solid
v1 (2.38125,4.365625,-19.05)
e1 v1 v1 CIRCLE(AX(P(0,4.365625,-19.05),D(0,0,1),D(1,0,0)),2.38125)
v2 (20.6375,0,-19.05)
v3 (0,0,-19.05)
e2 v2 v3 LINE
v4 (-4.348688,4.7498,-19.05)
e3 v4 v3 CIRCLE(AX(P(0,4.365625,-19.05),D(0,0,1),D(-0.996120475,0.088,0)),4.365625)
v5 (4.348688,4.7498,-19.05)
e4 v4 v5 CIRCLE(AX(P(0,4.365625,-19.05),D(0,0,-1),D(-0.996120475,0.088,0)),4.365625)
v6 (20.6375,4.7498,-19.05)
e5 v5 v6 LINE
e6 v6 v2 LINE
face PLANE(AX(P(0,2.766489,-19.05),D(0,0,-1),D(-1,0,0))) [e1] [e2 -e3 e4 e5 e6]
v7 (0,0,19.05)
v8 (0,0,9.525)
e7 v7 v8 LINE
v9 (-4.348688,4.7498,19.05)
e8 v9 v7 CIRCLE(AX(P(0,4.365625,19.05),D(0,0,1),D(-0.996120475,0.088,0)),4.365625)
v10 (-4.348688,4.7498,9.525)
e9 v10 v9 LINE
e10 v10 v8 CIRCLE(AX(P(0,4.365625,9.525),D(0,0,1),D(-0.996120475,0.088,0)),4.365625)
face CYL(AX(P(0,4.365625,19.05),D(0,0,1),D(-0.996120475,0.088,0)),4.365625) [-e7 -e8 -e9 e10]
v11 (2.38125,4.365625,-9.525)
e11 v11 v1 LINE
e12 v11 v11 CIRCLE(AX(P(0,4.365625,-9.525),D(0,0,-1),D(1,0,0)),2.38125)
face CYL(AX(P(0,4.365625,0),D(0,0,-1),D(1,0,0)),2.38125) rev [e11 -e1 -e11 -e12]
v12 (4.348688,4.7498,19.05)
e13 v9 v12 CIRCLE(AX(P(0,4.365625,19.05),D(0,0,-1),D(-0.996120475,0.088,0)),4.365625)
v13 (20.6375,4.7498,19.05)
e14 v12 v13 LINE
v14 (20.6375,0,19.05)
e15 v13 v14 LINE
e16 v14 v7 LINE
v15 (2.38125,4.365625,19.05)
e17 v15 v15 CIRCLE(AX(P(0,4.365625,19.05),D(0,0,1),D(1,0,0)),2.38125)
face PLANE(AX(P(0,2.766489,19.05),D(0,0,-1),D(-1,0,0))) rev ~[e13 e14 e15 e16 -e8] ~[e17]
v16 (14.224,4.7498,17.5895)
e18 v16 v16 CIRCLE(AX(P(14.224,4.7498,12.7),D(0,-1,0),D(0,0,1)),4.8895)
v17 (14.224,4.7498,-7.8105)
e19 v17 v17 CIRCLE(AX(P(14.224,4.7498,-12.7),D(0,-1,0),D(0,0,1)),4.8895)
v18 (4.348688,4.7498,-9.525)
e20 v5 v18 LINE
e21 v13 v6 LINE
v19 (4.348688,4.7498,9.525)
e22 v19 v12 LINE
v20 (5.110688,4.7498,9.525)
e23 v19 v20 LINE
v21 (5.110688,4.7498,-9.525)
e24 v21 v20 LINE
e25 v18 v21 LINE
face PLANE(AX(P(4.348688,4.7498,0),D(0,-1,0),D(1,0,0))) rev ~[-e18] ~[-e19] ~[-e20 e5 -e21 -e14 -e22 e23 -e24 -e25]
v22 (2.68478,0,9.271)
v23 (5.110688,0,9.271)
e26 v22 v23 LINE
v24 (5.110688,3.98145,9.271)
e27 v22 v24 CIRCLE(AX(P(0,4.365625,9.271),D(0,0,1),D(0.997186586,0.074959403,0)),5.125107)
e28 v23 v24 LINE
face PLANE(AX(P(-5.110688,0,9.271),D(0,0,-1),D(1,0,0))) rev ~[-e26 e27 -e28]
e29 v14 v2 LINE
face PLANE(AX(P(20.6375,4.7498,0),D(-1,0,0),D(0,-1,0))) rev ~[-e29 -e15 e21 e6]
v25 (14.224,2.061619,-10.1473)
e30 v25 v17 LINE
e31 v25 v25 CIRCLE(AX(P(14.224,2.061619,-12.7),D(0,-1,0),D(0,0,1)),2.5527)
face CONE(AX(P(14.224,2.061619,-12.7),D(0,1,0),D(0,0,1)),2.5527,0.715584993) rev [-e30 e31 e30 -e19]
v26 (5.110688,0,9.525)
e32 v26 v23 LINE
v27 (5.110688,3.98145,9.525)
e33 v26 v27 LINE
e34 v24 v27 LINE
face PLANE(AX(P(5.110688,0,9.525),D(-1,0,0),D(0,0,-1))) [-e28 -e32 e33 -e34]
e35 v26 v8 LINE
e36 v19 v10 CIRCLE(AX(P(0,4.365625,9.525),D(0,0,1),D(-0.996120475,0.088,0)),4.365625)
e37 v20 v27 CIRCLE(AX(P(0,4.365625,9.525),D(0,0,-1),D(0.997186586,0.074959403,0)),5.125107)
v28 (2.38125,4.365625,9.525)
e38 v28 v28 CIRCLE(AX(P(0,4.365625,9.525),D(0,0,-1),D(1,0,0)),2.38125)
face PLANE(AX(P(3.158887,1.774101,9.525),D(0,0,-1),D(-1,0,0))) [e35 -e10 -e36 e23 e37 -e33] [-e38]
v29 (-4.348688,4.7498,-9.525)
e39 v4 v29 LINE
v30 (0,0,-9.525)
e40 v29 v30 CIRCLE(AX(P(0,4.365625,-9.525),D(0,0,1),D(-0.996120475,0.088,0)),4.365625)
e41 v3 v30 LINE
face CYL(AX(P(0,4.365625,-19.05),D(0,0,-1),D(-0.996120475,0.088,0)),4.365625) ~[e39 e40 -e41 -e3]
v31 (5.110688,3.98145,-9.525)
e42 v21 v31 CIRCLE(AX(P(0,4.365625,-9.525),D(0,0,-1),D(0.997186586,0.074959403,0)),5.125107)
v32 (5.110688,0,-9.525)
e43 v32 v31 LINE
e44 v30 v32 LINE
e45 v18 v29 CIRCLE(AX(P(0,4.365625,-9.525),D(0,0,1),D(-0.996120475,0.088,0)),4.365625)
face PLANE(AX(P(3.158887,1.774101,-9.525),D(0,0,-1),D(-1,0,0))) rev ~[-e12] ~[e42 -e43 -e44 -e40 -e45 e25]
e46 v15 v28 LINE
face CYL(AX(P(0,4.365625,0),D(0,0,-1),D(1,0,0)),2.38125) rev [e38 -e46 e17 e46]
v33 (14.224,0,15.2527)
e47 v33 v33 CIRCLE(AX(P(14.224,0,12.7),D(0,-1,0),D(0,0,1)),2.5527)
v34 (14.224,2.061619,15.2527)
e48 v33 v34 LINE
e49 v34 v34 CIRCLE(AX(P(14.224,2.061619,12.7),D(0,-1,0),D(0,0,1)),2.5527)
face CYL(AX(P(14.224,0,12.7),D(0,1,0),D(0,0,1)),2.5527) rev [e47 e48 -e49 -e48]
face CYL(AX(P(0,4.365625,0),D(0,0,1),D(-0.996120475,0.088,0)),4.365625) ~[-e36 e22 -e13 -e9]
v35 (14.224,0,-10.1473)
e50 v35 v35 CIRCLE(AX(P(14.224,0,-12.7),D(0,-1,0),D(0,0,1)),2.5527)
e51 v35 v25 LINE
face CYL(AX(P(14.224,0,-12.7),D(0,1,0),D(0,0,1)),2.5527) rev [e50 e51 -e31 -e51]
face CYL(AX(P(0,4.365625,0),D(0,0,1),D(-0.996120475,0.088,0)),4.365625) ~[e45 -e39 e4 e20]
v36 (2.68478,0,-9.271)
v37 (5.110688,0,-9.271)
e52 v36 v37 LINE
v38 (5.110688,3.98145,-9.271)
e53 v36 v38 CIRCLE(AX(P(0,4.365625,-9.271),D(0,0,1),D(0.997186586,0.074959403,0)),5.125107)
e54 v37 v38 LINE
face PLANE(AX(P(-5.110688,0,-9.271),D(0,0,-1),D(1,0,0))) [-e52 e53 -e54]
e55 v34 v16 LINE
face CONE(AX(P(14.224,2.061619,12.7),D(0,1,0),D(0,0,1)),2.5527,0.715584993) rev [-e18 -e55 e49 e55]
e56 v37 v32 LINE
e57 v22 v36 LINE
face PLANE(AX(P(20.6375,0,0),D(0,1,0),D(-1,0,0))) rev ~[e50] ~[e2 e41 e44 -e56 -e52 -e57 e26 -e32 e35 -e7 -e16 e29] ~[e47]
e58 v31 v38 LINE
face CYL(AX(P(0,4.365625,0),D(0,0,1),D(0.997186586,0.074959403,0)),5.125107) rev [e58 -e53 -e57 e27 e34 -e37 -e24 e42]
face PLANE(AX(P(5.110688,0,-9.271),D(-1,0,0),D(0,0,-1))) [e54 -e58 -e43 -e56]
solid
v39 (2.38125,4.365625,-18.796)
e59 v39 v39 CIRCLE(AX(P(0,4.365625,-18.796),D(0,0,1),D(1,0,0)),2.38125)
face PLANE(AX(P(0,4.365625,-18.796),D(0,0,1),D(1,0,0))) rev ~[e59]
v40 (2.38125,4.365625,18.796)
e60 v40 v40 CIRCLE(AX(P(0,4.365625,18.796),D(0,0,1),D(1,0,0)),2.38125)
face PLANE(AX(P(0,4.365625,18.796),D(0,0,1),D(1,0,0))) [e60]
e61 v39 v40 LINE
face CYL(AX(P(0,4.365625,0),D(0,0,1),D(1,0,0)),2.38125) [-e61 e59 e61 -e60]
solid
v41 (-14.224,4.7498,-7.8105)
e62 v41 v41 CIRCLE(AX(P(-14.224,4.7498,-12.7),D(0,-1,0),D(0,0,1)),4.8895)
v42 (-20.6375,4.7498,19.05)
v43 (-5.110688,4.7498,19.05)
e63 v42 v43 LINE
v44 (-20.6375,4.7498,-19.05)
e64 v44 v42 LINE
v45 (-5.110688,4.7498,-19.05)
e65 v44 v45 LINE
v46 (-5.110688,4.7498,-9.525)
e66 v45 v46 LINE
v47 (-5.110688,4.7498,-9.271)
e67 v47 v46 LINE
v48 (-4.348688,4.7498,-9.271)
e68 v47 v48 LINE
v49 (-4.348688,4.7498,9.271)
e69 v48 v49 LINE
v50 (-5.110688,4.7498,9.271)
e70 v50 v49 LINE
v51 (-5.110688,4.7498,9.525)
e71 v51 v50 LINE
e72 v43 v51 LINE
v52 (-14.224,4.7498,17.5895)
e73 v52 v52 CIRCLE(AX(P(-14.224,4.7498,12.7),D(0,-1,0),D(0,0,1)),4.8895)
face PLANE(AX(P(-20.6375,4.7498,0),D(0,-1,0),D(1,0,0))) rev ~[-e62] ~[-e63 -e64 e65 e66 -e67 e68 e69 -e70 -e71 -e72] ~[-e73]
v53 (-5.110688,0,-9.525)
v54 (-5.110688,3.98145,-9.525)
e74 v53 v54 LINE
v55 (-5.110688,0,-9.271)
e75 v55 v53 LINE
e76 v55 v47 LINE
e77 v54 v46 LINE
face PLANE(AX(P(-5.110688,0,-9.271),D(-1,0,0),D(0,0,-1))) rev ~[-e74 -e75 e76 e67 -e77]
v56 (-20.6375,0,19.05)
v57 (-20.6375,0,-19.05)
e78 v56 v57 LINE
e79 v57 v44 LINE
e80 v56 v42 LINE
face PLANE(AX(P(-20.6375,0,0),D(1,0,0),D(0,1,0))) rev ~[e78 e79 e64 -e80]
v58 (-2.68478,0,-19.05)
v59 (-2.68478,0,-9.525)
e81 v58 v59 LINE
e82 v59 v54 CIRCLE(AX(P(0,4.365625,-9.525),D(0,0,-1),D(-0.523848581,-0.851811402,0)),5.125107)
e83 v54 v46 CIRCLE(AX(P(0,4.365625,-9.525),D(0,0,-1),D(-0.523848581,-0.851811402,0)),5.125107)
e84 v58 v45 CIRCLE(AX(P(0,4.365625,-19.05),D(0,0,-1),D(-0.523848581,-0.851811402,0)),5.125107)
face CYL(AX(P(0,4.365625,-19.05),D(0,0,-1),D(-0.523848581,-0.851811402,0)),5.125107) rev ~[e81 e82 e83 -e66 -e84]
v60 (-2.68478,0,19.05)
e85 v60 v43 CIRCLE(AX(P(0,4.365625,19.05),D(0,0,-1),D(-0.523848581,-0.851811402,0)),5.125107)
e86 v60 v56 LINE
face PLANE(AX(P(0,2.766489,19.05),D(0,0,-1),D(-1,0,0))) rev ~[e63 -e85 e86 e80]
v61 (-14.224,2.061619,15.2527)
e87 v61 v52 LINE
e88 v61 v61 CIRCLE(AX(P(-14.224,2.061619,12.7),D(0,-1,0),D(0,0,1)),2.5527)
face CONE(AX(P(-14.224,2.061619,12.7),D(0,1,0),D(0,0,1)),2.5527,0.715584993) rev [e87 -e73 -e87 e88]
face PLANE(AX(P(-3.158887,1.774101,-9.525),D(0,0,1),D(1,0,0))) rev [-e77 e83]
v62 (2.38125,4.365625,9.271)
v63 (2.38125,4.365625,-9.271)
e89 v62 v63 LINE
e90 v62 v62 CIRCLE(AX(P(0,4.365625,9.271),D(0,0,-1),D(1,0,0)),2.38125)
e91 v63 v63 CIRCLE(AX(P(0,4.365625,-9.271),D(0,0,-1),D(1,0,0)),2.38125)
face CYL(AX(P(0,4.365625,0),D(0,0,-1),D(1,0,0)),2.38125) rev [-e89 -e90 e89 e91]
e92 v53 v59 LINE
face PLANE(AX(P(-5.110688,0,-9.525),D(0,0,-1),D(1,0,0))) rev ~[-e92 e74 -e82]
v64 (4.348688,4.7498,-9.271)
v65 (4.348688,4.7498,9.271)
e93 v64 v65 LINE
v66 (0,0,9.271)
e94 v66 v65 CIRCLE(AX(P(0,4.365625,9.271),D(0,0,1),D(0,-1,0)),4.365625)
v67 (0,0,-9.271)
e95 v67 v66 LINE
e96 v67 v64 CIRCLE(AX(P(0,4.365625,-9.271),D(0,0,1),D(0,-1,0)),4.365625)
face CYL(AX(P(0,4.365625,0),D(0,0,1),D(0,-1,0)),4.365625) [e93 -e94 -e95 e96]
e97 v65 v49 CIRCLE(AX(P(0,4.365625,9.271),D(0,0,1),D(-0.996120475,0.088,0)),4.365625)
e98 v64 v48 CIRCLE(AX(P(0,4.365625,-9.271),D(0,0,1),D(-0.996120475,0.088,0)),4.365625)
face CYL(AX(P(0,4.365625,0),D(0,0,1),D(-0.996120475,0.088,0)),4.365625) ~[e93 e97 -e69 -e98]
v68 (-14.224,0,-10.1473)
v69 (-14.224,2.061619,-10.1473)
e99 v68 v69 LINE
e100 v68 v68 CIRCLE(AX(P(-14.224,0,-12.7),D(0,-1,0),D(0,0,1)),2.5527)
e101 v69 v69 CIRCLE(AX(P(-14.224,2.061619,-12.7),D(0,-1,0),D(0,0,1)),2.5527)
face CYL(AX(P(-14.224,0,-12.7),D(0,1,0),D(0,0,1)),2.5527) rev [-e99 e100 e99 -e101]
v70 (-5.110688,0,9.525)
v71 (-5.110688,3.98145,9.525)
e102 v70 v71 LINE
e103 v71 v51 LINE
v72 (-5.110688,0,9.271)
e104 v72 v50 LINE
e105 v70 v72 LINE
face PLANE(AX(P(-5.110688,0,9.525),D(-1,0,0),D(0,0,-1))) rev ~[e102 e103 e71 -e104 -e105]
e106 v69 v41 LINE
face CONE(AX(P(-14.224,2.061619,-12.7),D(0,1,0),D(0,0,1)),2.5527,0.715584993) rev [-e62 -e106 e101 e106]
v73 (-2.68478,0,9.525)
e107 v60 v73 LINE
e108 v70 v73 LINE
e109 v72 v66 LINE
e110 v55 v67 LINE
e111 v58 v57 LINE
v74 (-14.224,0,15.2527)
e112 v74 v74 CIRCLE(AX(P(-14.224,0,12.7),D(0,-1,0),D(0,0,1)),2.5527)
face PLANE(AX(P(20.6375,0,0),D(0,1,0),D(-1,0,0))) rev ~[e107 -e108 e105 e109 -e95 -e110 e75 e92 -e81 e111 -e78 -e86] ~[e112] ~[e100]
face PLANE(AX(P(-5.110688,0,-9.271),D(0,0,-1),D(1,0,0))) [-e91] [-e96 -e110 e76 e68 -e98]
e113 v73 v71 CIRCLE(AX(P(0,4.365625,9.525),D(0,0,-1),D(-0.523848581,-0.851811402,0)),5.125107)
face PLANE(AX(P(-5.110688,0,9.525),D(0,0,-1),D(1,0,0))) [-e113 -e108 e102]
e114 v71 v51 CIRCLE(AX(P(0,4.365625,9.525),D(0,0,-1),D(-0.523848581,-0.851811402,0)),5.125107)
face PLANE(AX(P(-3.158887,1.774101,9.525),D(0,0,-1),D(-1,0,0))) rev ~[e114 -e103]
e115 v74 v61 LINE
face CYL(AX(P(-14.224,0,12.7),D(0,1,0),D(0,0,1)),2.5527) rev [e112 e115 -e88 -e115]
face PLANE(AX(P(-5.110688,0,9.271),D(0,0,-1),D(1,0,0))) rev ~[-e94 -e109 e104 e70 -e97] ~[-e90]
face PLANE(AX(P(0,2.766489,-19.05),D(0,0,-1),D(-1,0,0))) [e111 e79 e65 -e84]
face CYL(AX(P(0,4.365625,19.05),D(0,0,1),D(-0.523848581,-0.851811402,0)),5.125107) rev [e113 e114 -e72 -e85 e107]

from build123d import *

# Parameters (mm, degrees)
SKETCH1_R                                    = 2.38125
EXTRUDE1_DEPTH                               = 19.05
CUT_EXTRUDE1_DEPTH                           = 9.525
CUT_EXTRUDE2_DEPTH                           = 9.525
SKETCH4_W                                    = 10.221376894
SKETCH4_H                                    = 0.254
CUT_EXTRUDE4_DEPTH                           = 9.73125
SKETCH5_R                                    = 2.38125
EXTRUDE2_DEPTH                               = 18.796
CSK_FOR_10_FLAT_HEAD_MACHINE_SCREW1_AT_COUNT = 2
CSK_FOR_10_FLAT_HEAD_MACHINE_SCREW1_AT_PITCH = 25.4
CSK_FOR_10_FLAT_HEAD_MACHINE_SCREW1_2_COUNT  = 2
CSK_FOR_10_FLAT_HEAD_MACHINE_SCREW1_2_PITCH  = 38.137235138
CSK_FOR_10_FLAT_HEAD_MACHINE_SCREW1_3_COUNT  = 2
CSK_FOR_10_FLAT_HEAD_MACHINE_SCREW1_3_PITCH  = 28.448


with BuildPart() as part:
    # Sketch1 → Extrude1 (new body, symmetric)
    with BuildSketch(Plane.XY):
        with BuildLine():
            Line((4.348688447, 4.7498), (20.6375, 4.7498))
            Line((20.6375, 4.7498), (20.6375, 0))
            Line((20.6375, 0), (-20.6375, 0))
            Line((-20.6375, 0), (-20.6375, 4.7498))
            Line((-20.6375, 4.7498), (-4.348688447, 4.7498))
            ThreePointArc((-4.348688447, 4.7498), (0, 8.73125), (4.348688447, 4.7498))
        make_face()
        with Locations((0, 4.365625)):
            Circle(SKETCH1_R, mode=Mode.SUBTRACT)
    extrude(amount=EXTRUDE1_DEPTH, both=True)

    # Sketch2 → Cut-Extrude1 (cut)
    with BuildSketch(Plane.XY.offset(19.05)):
        with BuildLine():
            Line((-5.110688447, 4.7498), (-4.348688447, 4.7498))
            ThreePointArc((-4.348688447, 4.7498), (-3.219925902, 1.417615701), (0, 0))
            Line((0, 0), (-2.684780288, 0))
            ThreePointArc((-2.684780288, 0), (-4.564261518, 2.034478581), (-5.110688447, 4.7498))
        make_face()
    cut_extrude1 = extrude(amount=-CUT_EXTRUDE1_DEPTH, mode=Mode.SUBTRACT)

    # Mirror1: Cut-Extrude1 across plane
    add(cut_extrude1.mirror(Plane.XY), mode=Mode.SUBTRACT)

    # Sketch3 → Cut-Extrude2 (cut, symmetric)
    with BuildSketch(Plane.XY):
        with BuildLine():
            Line((4.348688447, 4.7498), (5.110688447, 4.7498))
            ThreePointArc((5.110688447, 4.7498), (4.564261518, 2.034478581), (2.684780288, 0))
            Line((2.684780288, 0), (0, 0))
            ThreePointArc((0, 0), (3.219925902, 1.417615701), (4.348688447, 4.7498))
        make_face()
    extrude(amount=CUT_EXTRUDE2_DEPTH, both=True, mode=Mode.SUBTRACT)

    # Sketch4 → Cut-Extrude4 (cut, through all)
    with BuildSketch(Plane(origin=(0, 0, 0), x_dir=(1, 0, 0), z_dir=(0, 1, 0))):
        with Locations((0, 9.398)):
            Rectangle(SKETCH4_W, SKETCH4_H)
        with Locations((0, -9.398)):
            Rectangle(SKETCH4_W, SKETCH4_H)
    extrude(amount=CUT_EXTRUDE4_DEPTH, mode=Mode.SUBTRACT)

    # Sketch6 → CSK for #10 Flat Head Machine Screw1 (revolve, cut)
    with BuildSketch(Plane(origin=(-14.224, 4.7498, -12.7), x_dir=(0, 0, 1), z_dir=(1, 0, 0))):
        Polygon((0, 0), (0, 4.7498), (2.5527, 4.7498), (2.5527, 2.688180894), (4.8895, 0), align=None)
    csk_for_10_flat_head_machine_screw1 = revolve(axis=Axis((-14.224, 11.0998, -12.7), (0, -1, 0)), mode=Mode.SUBTRACT)

    # CSK for #10 Flat Head Machine Screw1 at: CSK for #10 Flat Head Machine Screw1 ×2
    with Locations(*[(0, 0, i * CSK_FOR_10_FLAT_HEAD_MACHINE_SCREW1_AT_PITCH) for i in range(1, CSK_FOR_10_FLAT_HEAD_MACHINE_SCREW1_AT_COUNT)]):
        add(csk_for_10_flat_head_machine_screw1, mode=Mode.SUBTRACT)

    # CSK for _10 Flat Head Machine Screw1 2: CSK for #10 Flat Head Machine Screw1 ×2
    with Locations(*[Vector(0.745937662, 0, 0.666015769) * (i * CSK_FOR_10_FLAT_HEAD_MACHINE_SCREW1_2_PITCH) for i in range(1, CSK_FOR_10_FLAT_HEAD_MACHINE_SCREW1_2_COUNT)]):
        add(csk_for_10_flat_head_machine_screw1, mode=Mode.SUBTRACT)

    # CSK for _10 Flat Head Machine Screw1 3: CSK for #10 Flat Head Machine Screw1 ×2
    with Locations(*[(i * CSK_FOR_10_FLAT_HEAD_MACHINE_SCREW1_3_PITCH, 0, 0) for i in range(1, CSK_FOR_10_FLAT_HEAD_MACHINE_SCREW1_3_COUNT)]):
        add(csk_for_10_flat_head_machine_screw1, mode=Mode.SUBTRACT)


with BuildPart() as body_2:
    # Sketch5 → Extrude2 (new body, symmetric)
    with BuildSketch(Plane.XY):
        with Locations((0, 4.365625)):
            Circle(SKETCH5_R)
    extrude(amount=EXTRUDE2_DEPTH, both=True)


solid = Compound([part.part, body_2.part])
